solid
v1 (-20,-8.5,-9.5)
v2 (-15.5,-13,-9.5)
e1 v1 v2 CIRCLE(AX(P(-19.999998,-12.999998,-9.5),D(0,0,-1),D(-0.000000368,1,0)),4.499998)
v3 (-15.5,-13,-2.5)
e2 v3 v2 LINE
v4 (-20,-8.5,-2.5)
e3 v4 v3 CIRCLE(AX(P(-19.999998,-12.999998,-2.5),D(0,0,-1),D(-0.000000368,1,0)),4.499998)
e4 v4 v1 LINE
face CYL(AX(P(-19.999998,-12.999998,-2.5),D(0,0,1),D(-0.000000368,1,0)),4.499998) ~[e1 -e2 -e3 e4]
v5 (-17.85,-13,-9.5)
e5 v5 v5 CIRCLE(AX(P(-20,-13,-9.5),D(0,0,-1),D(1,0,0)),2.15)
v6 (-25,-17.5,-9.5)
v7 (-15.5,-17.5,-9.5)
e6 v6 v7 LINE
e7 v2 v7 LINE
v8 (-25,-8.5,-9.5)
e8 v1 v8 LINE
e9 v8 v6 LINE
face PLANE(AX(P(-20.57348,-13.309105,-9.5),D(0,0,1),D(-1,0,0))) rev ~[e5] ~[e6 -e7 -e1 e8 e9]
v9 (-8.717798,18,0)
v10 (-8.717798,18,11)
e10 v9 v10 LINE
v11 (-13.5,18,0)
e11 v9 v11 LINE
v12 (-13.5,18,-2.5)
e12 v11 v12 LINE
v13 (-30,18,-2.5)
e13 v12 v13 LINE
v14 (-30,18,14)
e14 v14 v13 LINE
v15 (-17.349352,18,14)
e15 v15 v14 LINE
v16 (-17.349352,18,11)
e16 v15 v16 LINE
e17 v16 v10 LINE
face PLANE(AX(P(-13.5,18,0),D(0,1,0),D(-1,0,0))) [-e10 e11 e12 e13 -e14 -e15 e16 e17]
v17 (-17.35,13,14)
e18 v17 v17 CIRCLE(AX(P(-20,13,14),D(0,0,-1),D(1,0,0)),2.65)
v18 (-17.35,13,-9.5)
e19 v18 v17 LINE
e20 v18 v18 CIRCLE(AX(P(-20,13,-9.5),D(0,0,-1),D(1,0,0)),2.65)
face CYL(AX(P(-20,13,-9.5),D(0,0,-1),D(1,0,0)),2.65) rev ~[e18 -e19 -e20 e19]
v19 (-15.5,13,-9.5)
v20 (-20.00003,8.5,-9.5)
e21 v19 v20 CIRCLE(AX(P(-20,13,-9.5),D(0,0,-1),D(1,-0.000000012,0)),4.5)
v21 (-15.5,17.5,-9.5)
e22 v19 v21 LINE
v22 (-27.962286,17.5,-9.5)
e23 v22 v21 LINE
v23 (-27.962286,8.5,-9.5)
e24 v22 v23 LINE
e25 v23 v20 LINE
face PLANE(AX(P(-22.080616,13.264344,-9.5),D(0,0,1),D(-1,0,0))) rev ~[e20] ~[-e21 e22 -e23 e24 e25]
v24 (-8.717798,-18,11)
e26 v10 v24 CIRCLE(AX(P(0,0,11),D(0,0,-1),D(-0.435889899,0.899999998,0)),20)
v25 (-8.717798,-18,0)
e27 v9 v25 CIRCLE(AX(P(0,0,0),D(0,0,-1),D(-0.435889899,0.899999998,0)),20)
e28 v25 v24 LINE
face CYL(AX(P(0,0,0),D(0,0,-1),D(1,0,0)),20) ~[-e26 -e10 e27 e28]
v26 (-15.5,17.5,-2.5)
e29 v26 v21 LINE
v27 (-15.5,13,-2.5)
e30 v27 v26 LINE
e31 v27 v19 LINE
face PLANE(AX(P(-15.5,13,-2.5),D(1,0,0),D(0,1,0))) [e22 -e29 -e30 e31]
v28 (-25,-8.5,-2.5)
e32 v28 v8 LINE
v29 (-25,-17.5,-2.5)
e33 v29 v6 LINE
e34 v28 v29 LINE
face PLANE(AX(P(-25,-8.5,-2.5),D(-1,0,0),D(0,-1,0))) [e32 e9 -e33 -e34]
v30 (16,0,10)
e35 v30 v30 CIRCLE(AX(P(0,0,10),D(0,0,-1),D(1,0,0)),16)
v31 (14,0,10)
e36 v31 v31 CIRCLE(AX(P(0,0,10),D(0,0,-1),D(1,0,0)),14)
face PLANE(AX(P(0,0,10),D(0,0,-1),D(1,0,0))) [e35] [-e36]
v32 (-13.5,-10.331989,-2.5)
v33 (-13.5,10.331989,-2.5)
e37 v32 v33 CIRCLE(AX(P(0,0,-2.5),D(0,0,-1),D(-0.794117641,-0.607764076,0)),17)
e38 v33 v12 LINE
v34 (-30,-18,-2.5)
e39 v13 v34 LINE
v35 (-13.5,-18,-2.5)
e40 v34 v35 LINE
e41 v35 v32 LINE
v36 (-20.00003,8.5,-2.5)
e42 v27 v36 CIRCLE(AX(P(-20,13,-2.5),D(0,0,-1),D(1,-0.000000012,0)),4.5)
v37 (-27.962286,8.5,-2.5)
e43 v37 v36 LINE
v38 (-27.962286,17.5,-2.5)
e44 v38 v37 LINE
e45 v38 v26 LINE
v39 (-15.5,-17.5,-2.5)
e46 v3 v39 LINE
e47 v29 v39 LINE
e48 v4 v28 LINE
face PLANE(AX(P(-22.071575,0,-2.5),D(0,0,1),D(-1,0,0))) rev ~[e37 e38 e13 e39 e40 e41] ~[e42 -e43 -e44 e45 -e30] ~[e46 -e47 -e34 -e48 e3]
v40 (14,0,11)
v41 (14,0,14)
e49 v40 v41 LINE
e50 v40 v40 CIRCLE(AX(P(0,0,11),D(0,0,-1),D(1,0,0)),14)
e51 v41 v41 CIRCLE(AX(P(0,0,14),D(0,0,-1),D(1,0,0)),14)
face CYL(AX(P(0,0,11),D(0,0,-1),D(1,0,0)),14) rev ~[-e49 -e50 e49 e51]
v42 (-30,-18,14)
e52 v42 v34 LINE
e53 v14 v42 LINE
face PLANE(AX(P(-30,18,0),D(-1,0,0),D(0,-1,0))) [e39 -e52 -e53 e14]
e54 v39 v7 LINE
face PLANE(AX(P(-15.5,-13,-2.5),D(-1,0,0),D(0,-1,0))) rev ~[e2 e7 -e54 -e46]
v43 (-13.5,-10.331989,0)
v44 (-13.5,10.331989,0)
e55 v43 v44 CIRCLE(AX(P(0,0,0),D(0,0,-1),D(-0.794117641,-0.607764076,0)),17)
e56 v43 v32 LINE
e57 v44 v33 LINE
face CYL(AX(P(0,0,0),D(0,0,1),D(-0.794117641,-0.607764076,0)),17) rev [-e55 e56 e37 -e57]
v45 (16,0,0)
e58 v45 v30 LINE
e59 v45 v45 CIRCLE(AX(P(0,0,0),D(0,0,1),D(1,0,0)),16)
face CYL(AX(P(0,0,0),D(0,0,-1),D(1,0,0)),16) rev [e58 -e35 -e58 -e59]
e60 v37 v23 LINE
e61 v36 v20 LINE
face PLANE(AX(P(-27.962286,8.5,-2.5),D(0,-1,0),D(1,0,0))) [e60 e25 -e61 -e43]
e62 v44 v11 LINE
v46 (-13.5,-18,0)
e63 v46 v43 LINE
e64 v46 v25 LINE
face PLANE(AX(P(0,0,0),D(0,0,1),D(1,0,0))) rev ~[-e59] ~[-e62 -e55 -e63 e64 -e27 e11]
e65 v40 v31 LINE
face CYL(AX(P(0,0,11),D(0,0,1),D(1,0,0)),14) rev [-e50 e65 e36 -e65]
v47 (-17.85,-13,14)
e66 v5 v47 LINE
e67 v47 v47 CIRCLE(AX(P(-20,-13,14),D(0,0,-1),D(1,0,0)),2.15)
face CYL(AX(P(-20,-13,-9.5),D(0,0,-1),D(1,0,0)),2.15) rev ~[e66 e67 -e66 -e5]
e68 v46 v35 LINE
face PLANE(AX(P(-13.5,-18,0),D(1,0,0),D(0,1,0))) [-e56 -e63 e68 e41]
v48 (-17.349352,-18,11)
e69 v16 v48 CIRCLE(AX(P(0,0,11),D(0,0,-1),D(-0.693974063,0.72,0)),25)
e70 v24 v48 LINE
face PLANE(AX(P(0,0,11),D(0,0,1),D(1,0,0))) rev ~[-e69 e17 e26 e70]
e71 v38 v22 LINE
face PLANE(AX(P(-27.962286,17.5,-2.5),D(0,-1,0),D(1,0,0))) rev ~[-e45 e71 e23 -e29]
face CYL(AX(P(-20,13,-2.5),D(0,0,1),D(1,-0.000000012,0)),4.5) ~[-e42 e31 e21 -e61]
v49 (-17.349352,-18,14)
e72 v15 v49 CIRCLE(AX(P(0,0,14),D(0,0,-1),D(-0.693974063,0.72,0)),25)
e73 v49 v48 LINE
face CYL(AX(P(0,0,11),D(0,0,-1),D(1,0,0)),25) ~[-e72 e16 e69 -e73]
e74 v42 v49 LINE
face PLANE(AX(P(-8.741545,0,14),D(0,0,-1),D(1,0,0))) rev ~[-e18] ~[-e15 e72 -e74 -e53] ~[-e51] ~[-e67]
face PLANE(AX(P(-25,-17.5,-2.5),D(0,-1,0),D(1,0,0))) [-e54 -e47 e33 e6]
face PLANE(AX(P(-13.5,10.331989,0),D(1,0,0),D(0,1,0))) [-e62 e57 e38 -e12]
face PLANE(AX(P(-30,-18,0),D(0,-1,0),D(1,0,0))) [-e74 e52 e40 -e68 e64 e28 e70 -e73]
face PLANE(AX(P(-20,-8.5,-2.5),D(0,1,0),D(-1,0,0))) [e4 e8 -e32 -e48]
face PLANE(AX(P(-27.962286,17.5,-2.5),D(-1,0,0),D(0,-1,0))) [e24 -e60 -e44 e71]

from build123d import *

# Parameters (mm, degrees)
SKETCH_R        = 20
SKETCH_R_2      = 16
PAD_DEPTH       = 11
SKETCH001_R     = 25
PAD001_DEPTH    = 3
SKETCH002_R     = 16
SKETCH002_R_2   = 14
PAD002_DEPTH    = 1
SKETCH003_R     = 14
POCKET_DEPTH    = 3.001
SKETCH004_R     = 16
PAD003_DEPTH    = 14
PAD004_DEPTH    = 2.5
PAD005_DEPTH    = 7
SKETCH007_R     = 2.15
SKETCH007_R_2   = 2.65
POCKET001_DEPTH = 23.501


with BuildPart() as part:
    # Sketch → Pad (new body)
    with BuildSketch(Plane.XY):
        Circle(SKETCH_R)
        Circle(SKETCH_R_2, mode=Mode.SUBTRACT)
    extrude(amount=PAD_DEPTH)

    # Sketch001 (on Face4 of Pad) → Pad001 (join)
    with BuildSketch(Plane.XY.offset(11)):
        Circle(SKETCH001_R)
    extrude(amount=PAD001_DEPTH)

    # Sketch002 (on Face7 of Pad001) → Pad002 (join)
    with BuildSketch(Plane(origin=(0, 0, 11), x_dir=(1, 0, 0), z_dir=(0, 0, -1))):
        Circle(SKETCH002_R)
        Circle(SKETCH002_R_2, mode=Mode.SUBTRACT)
    extrude(amount=PAD002_DEPTH)

    # Sketch003 (on Face9 of Pad002) → Pocket (cut, through all)
    with BuildSketch(Plane(origin=(0, 0, 11), x_dir=(1, 0, 0), z_dir=(0, 0, -1))):
        Circle(SKETCH003_R)
    extrude(amount=-POCKET_DEPTH, mode=Mode.SUBTRACT)

    # Sketch004 (on Face6 of Pocket) → Pad003 (join)
    with BuildSketch(Plane(origin=(0, 0, 0), x_dir=(1, 0, 0), z_dir=(0, 0, -1))):
        with BuildLine():
            ThreePointArc((-8.717798, -18), (20, 0), (-8.717798, 18))
            Line((-30, 18), (-8.717798, 18))
            Line((-30, -18), (-30, 18))
            Line((-8.717798, -18), (-30, -18))
        make_face()
        Circle(SKETCH004_R, mode=Mode.SUBTRACT)
    extrude(amount=-PAD003_DEPTH)

    # Sketch005 (on Face9 of Pad003) → Pad004 (join)
    with BuildSketch(Plane(origin=(0, 0, 0), x_dir=(1, 0, 0), z_dir=(0, 0, -1))):
        with BuildLine():
            Line((-30, 18), (-13.5, 18))
            Line((-13.5, 18), (-13.5, 10.331989))
            ThreePointArc((-13.5, 10.331989), (-17, 0), (-13.5, -10.331989))
            Line((-13.5, -10.331989), (-13.5, -18))
            Line((-13.5, -18), (-30, -18))
            Line((-30, -18), (-30, 18))
        make_face()
    extrude(amount=PAD004_DEPTH)

    # Sketch006 (on Face19 of Pad004) → Pad005 (join)
    with BuildSketch(Plane(origin=(0, 0, -2.5), x_dir=(1, 0, 0), z_dir=(0, 0, -1))):
        with BuildLine():
            Line((-27.962286, -8.5), (-20.00003, -8.5))
            ThreePointArc((-15.5, -13), (-16.81803, -9.818009), (-20.00003, -8.5))
            Line((-15.5, -13), (-15.5, -17.5))
            Line((-27.962286, -17.5), (-15.5, -17.5))
            Line((-27.962286, -17.5), (-27.962286, -8.5))
        make_face()
        with BuildLine():
            Line((-25, 17.5), (-20, 17.5))
            Line((-20, 17.5), (-15.5, 17.5))
            Line((-15.5, 13), (-15.5, 17.5))
            ThreePointArc((-20, 8.5), (-16.818019, 9.818019), (-15.5, 13))
            Line((-20, 8.5), (-25, 8.5))
            Line((-25, 8.5), (-25, 17.5))
        make_face()
    extrude(amount=PAD005_DEPTH)

    # Sketch007 → Pocket001 (cut, through all)
    with BuildSketch(Plane(origin=(0, 0, -9.5), x_dir=(1, 0, 0), z_dir=(0, 0, -1))):
        with Locations((-20, 13)):
            Circle(SKETCH007_R)
        with Locations((-20, -13)):
            Circle(SKETCH007_R_2)
    extrude(amount=-POCKET001_DEPTH, mode=Mode.SUBTRACT)


solid = part.part
